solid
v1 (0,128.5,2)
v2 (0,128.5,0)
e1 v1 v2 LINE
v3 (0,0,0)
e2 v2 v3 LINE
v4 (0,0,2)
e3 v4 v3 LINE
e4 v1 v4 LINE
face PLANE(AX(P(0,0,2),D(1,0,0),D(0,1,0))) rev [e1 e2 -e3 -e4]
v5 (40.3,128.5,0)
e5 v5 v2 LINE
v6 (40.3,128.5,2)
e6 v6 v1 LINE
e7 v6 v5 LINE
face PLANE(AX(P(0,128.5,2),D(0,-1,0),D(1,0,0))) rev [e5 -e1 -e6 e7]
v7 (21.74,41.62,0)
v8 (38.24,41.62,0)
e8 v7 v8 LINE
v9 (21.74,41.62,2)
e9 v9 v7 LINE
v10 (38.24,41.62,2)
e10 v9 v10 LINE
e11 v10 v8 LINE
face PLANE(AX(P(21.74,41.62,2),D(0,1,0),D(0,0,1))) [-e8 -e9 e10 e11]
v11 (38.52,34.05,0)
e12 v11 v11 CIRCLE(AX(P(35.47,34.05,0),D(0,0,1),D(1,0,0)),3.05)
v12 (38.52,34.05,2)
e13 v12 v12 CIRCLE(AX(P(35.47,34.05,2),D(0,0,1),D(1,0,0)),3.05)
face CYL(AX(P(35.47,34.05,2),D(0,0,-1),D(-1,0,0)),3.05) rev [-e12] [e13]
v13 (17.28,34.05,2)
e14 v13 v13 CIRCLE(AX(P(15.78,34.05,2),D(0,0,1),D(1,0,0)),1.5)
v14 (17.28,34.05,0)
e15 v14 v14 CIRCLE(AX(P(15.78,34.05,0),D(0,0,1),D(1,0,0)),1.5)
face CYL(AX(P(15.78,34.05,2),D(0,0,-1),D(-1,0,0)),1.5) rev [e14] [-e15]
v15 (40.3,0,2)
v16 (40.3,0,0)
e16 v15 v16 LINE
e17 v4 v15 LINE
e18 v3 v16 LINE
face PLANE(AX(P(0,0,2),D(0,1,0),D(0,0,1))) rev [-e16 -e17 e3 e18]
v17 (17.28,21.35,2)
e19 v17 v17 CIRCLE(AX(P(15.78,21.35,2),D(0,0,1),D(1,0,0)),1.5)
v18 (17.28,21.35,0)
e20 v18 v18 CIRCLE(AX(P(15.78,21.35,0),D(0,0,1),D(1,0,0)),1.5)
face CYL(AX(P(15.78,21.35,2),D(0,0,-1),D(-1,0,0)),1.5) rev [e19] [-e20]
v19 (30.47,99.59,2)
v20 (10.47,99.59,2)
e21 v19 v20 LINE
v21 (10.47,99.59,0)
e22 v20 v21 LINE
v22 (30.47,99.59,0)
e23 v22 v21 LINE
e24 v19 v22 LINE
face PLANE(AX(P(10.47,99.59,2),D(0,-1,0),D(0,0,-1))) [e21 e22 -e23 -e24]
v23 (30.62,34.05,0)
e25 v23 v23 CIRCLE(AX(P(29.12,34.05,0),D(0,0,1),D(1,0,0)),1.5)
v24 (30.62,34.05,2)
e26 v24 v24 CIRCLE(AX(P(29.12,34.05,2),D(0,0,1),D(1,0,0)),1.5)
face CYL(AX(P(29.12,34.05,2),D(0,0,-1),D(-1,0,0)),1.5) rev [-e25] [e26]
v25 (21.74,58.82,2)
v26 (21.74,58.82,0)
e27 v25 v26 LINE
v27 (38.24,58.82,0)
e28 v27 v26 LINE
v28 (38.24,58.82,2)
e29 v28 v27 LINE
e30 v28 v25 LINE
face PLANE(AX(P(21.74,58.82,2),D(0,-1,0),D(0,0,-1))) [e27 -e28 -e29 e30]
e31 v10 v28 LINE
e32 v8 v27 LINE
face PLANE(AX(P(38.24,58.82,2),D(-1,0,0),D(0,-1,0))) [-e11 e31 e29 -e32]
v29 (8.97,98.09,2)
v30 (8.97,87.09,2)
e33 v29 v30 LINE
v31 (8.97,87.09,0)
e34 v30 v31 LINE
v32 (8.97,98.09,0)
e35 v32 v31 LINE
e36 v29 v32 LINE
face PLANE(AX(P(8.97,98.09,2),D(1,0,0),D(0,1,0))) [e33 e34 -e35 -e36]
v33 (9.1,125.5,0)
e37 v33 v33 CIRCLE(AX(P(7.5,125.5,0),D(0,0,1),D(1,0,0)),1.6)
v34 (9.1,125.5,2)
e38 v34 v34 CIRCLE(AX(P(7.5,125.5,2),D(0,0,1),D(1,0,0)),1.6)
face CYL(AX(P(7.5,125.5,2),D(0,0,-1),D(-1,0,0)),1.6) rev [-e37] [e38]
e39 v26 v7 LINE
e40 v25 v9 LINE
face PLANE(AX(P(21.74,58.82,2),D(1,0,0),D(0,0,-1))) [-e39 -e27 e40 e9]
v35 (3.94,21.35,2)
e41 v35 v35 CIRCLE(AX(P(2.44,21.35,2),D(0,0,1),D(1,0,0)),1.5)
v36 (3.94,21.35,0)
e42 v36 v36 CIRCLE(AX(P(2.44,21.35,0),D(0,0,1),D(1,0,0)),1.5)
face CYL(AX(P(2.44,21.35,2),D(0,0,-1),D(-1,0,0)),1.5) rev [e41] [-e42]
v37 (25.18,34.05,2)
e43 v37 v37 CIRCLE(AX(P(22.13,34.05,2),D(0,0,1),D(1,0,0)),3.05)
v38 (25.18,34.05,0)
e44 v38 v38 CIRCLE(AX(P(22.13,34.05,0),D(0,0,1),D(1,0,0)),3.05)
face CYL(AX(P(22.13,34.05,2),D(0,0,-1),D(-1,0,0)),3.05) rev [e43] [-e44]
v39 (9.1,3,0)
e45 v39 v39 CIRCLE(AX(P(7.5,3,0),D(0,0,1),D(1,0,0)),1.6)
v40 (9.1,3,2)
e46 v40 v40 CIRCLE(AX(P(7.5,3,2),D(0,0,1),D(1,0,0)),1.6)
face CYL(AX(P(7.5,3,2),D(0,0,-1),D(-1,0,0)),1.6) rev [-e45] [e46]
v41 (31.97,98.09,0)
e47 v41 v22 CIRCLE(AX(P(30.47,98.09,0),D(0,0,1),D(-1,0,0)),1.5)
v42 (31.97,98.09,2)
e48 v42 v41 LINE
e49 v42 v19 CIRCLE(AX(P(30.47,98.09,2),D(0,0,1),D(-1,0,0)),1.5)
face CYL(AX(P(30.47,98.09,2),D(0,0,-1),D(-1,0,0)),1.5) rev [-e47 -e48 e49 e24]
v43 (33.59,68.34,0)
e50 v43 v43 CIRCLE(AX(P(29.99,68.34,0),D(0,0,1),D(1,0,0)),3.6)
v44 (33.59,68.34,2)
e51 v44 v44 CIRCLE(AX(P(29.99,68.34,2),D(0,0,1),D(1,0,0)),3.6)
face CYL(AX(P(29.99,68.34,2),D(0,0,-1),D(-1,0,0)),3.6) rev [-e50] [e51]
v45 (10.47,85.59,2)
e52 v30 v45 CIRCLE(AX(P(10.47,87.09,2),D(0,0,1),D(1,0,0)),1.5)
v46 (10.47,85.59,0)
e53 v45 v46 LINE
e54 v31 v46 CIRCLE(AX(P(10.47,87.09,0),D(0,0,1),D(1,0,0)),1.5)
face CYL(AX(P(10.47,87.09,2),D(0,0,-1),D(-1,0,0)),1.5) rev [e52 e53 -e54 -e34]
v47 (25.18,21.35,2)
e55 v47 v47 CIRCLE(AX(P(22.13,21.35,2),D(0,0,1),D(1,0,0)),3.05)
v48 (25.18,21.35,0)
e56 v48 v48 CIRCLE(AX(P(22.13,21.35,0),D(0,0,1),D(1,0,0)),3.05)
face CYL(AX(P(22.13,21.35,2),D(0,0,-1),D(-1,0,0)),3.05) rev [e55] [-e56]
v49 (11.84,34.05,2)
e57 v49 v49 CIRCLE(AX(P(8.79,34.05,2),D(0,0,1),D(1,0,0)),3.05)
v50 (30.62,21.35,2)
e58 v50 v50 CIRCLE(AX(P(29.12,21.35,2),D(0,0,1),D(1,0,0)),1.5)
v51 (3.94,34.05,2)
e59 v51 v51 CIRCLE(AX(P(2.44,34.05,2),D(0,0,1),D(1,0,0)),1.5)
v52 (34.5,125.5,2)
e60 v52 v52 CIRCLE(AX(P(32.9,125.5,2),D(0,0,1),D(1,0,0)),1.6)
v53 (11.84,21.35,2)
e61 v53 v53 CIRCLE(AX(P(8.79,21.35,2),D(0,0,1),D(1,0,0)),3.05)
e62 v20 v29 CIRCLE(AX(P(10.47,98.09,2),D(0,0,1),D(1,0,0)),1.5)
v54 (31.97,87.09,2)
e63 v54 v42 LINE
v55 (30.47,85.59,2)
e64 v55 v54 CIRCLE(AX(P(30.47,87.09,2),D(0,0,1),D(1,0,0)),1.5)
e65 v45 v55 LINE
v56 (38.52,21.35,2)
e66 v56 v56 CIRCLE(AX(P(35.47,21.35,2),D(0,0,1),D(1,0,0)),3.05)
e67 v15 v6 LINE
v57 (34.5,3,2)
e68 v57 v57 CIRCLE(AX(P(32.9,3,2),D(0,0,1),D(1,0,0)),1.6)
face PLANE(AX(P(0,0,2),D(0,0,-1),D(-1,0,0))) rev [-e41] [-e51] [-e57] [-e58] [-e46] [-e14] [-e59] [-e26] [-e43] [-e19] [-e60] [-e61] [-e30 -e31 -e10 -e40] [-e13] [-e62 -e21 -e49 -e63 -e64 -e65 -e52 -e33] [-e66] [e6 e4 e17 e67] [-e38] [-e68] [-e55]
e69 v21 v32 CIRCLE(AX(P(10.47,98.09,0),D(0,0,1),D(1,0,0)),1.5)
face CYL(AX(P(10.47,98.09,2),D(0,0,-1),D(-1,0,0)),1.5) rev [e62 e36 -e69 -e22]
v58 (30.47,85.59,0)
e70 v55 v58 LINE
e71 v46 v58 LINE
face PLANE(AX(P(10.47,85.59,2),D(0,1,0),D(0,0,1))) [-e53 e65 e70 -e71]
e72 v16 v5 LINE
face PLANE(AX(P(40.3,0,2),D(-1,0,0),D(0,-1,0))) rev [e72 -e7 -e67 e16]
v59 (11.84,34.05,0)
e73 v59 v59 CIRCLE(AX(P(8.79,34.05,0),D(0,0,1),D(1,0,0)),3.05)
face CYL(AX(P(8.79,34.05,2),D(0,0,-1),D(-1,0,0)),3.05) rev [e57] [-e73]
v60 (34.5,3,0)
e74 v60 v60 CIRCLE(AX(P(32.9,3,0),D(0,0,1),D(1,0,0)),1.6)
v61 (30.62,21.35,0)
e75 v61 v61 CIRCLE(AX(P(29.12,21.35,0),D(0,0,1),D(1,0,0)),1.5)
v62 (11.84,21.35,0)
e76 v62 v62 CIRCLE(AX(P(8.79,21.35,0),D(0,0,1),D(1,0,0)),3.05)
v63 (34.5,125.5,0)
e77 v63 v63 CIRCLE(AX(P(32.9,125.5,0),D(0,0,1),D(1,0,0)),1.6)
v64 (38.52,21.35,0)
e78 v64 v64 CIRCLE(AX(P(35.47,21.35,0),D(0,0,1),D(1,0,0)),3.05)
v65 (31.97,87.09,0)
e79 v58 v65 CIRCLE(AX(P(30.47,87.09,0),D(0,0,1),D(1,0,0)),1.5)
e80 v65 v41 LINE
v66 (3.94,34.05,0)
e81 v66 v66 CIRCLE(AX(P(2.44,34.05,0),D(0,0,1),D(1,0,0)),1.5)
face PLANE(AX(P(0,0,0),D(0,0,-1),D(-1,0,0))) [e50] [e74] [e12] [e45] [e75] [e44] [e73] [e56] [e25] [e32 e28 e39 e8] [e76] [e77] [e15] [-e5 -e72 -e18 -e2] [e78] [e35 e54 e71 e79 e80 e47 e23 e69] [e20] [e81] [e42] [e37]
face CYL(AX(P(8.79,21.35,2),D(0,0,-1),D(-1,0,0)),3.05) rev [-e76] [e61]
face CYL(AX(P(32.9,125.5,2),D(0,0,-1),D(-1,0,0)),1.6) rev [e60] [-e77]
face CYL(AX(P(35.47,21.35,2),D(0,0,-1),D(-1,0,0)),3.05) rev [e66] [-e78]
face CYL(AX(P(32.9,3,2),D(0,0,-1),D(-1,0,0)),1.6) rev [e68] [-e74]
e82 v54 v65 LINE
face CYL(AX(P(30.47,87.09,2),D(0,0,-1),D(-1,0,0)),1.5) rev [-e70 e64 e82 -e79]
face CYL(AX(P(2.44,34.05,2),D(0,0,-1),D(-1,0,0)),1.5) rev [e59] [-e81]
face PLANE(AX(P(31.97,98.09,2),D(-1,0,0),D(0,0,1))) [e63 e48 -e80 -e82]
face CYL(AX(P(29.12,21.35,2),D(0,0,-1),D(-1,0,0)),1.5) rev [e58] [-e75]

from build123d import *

# Parameters (mm, degrees)
SKETCH2_W           = 40.3
SKETCH2_H           = 128.5
SKETCH2_R           = 1.6
SKETCH2_R_2         = 3.05
SKETCH2_R_3         = 1.5
SKETCH2_R_4         = 3.6
SKETCH2_W_2         = 16.5
SKETCH2_H_2         = 17.2
BOSS_EXTRUDE2_DEPTH = 2


with BuildPart() as part:
    # Sketch2 → Boss-Extrude2 (new body)
    with BuildSketch(Plane.XY):
        with Locations((20.15, 64.25)):
            Rectangle(SKETCH2_W, SKETCH2_H)
        with Locations((7.5, 125.5)):
            Circle(SKETCH2_R, mode=Mode.SUBTRACT)
        with Locations((32.9, 125.5)):
            Circle(SKETCH2_R, mode=Mode.SUBTRACT)
        with Locations((7.5, 3)):
            Circle(SKETCH2_R, mode=Mode.SUBTRACT)
        with Locations((32.9, 3)):
            Circle(SKETCH2_R, mode=Mode.SUBTRACT)
        with Locations((8.79, 34.05)):
            Circle(SKETCH2_R_2, mode=Mode.SUBTRACT)
        with Locations((8.79, 21.35)):
            Circle(SKETCH2_R_2, mode=Mode.SUBTRACT)
        with Locations((22.13, 34.05)):
            Circle(SKETCH2_R_2, mode=Mode.SUBTRACT)
        with Locations((22.13, 21.35)):
            Circle(SKETCH2_R_2, mode=Mode.SUBTRACT)
        with Locations((35.47, 21.35)):
            Circle(SKETCH2_R_2, mode=Mode.SUBTRACT)
        with Locations((35.47, 34.05)):
            Circle(SKETCH2_R_2, mode=Mode.SUBTRACT)
        with Locations((2.44, 34.05)):
            Circle(SKETCH2_R_3, mode=Mode.SUBTRACT)
        with Locations((15.78, 34.05)):
            Circle(SKETCH2_R_3, mode=Mode.SUBTRACT)
        with Locations((29.12, 34.05)):
            Circle(SKETCH2_R_3, mode=Mode.SUBTRACT)
        with Locations((2.44, 21.35)):
            Circle(SKETCH2_R_3, mode=Mode.SUBTRACT)
        with Locations((15.78, 21.35)):
            Circle(SKETCH2_R_3, mode=Mode.SUBTRACT)
        with Locations((29.12, 21.35)):
            Circle(SKETCH2_R_3, mode=Mode.SUBTRACT)
        with Locations((29.99, 68.34)):
            Circle(SKETCH2_R_4, mode=Mode.SUBTRACT)
        with Locations((29.99, 50.22)):
            Rectangle(SKETCH2_W_2, SKETCH2_H_2, mode=Mode.SUBTRACT)
        with BuildLine():
            Line((10.47, 99.59), (30.47, 99.59))
            ThreePointArc((30.47, 99.59), (31.530660172, 99.150660172), (31.97, 98.09))
            Line((31.97, 98.09), (31.97, 87.09))
            ThreePointArc((31.97, 87.09), (31.530660172, 86.029339828), (30.47, 85.59))
            Line((30.47, 85.59), (10.47, 85.59))
            ThreePointArc((10.47, 85.59), (9.409339828, 86.029339828), (8.97, 87.09))
            Line((8.97, 87.09), (8.97, 98.09))
            ThreePointArc((8.97, 98.09), (9.409339828, 99.150660172), (10.47, 99.59))
        make_face(mode=Mode.SUBTRACT)
    extrude(amount=BOSS_EXTRUDE2_DEPTH)


solid = part.part
